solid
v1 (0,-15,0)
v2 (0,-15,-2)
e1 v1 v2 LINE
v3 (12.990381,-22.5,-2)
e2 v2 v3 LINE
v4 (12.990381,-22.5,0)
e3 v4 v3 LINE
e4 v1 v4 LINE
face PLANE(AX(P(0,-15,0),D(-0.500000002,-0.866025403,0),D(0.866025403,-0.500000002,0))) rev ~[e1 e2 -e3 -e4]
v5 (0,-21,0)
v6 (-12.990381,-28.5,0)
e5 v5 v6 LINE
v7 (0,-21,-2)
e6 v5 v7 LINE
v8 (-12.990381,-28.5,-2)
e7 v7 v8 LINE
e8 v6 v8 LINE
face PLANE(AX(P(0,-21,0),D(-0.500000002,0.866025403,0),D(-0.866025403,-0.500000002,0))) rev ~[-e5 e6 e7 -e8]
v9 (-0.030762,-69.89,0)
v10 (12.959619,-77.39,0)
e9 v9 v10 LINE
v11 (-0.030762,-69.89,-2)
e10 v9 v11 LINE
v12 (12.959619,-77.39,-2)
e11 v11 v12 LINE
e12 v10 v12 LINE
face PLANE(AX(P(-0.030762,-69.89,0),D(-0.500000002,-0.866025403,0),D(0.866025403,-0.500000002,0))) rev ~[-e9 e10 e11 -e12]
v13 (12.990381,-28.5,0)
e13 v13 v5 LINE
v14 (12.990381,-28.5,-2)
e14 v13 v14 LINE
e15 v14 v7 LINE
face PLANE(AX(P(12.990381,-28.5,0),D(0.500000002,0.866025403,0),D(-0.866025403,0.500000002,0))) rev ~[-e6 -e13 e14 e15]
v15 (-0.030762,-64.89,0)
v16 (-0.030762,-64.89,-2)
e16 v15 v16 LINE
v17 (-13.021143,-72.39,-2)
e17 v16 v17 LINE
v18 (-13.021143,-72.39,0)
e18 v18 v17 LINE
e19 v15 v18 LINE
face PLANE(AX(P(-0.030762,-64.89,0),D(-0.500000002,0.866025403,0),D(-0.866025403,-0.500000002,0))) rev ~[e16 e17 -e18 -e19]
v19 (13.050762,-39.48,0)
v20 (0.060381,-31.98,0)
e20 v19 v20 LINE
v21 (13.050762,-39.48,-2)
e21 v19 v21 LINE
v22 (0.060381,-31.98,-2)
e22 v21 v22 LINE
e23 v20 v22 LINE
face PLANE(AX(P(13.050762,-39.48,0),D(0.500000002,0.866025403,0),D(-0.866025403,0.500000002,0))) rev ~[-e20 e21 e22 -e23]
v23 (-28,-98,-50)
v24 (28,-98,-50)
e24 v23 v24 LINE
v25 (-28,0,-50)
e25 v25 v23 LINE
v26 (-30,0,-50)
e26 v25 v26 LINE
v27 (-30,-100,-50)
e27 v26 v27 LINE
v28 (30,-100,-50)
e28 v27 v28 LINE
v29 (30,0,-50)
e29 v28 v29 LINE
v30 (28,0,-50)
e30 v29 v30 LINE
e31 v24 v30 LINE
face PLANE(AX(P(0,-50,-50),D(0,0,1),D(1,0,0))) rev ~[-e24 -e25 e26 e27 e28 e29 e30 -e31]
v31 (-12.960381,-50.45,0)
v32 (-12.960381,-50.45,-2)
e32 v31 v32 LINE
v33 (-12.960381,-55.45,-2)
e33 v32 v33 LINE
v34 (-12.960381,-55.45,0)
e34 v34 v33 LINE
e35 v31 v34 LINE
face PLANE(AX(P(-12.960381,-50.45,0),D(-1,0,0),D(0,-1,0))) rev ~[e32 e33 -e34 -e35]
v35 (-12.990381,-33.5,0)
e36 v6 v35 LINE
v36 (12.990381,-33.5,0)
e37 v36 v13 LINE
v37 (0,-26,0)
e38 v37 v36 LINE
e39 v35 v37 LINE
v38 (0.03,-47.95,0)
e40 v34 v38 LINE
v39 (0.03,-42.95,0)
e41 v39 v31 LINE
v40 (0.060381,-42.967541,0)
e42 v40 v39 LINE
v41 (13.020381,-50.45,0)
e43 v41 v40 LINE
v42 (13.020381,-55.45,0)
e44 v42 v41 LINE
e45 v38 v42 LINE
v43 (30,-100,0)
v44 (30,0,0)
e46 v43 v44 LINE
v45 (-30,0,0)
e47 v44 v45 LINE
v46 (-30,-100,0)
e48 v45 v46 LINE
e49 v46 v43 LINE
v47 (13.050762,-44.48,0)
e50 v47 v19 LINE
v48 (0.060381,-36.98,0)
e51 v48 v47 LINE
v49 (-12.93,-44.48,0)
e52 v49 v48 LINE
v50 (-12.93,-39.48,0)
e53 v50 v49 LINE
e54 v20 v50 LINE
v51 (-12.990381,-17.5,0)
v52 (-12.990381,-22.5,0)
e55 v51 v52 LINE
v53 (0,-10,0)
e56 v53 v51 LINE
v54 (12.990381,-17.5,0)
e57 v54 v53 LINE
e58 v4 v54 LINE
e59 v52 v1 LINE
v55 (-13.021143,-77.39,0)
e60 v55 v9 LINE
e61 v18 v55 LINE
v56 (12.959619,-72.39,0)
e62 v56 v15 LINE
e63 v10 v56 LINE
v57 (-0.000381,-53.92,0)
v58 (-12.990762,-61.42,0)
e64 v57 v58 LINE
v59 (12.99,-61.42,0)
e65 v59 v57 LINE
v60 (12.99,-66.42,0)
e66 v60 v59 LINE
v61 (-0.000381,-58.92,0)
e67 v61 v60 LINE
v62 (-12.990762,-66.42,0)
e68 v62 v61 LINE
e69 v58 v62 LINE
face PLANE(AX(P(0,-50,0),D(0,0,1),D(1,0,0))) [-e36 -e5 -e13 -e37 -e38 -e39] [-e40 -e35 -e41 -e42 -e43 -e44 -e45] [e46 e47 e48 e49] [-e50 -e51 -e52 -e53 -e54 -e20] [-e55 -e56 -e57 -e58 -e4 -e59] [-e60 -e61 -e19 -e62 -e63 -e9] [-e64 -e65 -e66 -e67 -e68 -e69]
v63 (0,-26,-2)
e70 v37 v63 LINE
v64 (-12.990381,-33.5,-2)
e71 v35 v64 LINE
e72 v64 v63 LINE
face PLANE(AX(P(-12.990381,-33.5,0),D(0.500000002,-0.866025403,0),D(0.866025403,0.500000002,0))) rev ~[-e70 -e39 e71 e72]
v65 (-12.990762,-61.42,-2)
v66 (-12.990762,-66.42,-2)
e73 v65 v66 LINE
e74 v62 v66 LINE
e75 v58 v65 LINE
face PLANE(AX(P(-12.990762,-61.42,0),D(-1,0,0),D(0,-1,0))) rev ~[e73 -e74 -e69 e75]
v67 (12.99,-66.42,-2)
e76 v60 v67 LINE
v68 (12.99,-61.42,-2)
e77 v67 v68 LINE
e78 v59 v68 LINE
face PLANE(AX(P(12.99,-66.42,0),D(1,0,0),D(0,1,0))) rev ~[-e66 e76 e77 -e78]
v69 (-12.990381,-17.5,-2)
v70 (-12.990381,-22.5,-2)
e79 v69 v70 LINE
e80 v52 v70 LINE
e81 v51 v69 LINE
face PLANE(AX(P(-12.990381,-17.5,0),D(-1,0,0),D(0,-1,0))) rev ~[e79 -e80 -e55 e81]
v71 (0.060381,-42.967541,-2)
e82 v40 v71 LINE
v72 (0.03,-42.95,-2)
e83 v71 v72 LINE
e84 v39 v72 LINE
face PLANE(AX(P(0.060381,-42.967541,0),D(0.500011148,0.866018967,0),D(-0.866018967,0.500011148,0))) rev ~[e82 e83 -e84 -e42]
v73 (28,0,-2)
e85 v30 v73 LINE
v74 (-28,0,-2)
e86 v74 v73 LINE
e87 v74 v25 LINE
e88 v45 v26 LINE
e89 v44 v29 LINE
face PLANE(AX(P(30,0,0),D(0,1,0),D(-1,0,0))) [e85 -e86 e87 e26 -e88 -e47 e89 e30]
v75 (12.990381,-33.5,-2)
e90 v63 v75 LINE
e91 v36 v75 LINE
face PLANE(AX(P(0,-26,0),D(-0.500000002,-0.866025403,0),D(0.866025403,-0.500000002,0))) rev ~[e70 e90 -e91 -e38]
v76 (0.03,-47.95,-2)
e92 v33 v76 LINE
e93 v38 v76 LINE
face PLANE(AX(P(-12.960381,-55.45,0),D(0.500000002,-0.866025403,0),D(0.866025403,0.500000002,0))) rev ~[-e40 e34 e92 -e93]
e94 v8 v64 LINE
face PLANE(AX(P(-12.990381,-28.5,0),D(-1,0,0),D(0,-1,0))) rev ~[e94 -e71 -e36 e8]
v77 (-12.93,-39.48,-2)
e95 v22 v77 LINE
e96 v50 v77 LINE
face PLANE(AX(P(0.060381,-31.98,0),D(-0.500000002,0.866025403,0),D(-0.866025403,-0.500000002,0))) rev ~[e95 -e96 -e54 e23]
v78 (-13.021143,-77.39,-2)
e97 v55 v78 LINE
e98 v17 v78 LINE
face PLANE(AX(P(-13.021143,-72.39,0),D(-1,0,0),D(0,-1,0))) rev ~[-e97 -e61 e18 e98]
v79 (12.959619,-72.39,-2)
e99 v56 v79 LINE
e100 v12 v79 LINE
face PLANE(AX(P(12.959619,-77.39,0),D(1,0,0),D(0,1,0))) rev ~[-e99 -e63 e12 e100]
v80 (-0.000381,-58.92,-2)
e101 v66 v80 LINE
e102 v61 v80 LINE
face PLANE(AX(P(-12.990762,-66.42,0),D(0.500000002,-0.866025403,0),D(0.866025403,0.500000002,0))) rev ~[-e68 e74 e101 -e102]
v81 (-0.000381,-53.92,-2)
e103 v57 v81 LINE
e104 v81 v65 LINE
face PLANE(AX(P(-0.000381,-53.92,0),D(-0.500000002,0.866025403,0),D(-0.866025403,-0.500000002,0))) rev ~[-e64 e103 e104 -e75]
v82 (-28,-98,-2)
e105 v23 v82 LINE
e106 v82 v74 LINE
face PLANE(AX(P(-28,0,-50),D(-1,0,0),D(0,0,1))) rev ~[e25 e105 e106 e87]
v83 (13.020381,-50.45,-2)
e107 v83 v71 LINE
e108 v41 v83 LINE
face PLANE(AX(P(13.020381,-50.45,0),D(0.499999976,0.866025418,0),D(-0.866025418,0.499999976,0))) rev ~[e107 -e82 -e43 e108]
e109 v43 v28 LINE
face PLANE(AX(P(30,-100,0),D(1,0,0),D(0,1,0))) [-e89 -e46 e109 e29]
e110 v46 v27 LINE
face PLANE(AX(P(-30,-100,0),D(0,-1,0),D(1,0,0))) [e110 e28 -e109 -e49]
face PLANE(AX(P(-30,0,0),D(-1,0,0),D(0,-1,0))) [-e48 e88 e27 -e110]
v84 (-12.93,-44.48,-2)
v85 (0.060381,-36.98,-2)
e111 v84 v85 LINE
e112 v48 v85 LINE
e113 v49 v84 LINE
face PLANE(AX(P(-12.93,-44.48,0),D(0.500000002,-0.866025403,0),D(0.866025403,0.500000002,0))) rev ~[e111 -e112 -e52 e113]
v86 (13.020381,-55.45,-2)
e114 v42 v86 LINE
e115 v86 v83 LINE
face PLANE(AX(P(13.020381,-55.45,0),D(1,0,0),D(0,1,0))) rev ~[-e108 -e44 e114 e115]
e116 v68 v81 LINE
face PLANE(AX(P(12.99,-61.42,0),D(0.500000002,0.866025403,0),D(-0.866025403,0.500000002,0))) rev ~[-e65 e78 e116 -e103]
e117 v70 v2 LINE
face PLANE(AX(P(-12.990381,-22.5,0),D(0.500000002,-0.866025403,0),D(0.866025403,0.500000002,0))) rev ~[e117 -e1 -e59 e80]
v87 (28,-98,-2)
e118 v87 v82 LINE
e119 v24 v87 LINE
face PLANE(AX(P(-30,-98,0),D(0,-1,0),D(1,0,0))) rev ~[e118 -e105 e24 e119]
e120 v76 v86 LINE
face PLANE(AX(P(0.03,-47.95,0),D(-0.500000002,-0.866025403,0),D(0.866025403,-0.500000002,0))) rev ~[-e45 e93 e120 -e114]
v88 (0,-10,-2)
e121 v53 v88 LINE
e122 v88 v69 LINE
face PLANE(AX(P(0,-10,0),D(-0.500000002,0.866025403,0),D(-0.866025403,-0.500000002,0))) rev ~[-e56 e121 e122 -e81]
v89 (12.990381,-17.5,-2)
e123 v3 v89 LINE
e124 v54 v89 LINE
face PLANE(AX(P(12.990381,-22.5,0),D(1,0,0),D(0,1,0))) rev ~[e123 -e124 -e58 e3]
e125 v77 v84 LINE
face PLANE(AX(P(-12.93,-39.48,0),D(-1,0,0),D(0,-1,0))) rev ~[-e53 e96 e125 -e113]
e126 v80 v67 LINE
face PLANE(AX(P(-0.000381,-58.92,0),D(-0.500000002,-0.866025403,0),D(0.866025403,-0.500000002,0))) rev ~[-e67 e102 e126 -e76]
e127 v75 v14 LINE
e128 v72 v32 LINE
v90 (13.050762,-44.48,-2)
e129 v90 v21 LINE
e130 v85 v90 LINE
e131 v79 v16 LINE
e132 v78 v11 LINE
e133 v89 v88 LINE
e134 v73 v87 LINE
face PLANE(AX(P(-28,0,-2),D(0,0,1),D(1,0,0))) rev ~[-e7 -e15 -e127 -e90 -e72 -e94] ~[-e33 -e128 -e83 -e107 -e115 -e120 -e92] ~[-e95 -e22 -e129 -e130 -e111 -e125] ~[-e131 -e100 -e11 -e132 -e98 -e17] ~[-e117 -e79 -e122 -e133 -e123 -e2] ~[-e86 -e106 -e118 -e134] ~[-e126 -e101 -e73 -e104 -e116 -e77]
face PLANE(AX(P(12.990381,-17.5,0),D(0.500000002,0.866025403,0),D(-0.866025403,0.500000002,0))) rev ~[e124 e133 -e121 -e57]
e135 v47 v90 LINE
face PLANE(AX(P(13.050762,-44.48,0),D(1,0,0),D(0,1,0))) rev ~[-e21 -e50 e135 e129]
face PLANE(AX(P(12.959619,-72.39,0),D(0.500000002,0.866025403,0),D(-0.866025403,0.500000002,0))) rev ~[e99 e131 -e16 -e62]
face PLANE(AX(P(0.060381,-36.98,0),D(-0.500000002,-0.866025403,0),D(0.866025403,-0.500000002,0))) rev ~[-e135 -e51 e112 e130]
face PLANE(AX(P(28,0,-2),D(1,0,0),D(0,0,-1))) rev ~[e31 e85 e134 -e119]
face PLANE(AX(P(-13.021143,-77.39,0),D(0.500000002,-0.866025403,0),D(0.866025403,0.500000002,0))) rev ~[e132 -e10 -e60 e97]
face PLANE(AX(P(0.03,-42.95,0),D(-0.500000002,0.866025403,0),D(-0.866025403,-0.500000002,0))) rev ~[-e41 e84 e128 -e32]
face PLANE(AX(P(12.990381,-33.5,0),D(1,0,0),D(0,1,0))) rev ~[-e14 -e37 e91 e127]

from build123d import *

# Parameters (mm, degrees)
F1_DEPTH = 50
F2_T     = -2
F4_DEPTH = 10
F6_DEPTH = 5
F7_W     = 56
F7_H     = 2
F8_DEPTH = 25


with BuildPart() as f1:
    # F0 (on Top) → F1 (new body)
    with BuildSketch(Plane.XY):
        Polygon((30, 0), (0, 0), (-30, 0), (-30, -100), (30, -100), align=None)
    extrude(amount=-F1_DEPTH)

    # F2
    f2_openings = [f1.faces().sort_by_distance(p)[0] for p in [
        (0, -50, -50),
    ]]
    offset(amount=F2_T, openings=f2_openings)

    # F3 (on face) → F4 (cut)
    with BuildSketch(Plane.XY):
        Polygon((12.990381, -17.5), (0, -10), (-12.990381, -17.5), (-12.990381, -22.5), (0, -15), (12.990381, -22.5), align=None)
        Polygon((12.990381, -28.5), (0, -21), (-12.990381, -28.5), (-12.990381, -33.5), (0, -26), (12.990381, -33.5), align=None)
        Polygon((13.050762, -39.48), (0.060381, -31.98), (-12.93, -39.48), (-12.93, -44.48), (0.060381, -36.98), (13.050762, -44.48), align=None)
        Polygon((13.020381, -50.45), (0.060381, -42.967541), (0.03, -42.95), (-12.960381, -50.45), (-12.960381, -55.45), (0.03, -47.95), (13.020381, -55.45), align=None)
        Polygon((-12.990762, -66.42), (-0.000381, -58.92), (12.99, -66.42), (12.99, -61.42), (-0.000381, -53.92), (-12.990762, -61.42), align=None)
        Polygon((-13.021143, -77.39), (-0.030762, -69.89), (12.959619, -77.39), (12.959619, -72.39), (-0.030762, -64.89), (-13.021143, -72.39), align=None)
    extrude(amount=-F4_DEPTH, mode=Mode.SUBTRACT)

    # F5 (on face) → F6 (cut)
    with BuildSketch(Plane(origin=(0, 0, 0), x_dir=(-1, 0, 0), z_dir=(0, 1, 0))):
        Polygon((28, -2), (0, -2), (-28, -2), (-28, -25), (-28, -48), (0, -48), (28, -48), (28, -25), align=None)
    extrude(amount=-F6_DEPTH, mode=Mode.SUBTRACT)

    # F7 (on face) → F8 (cut)
    with BuildSketch(Plane(origin=(0, 0, 0), x_dir=(-1, 0, 0), z_dir=(0, 1, 0))):
        with Locations((0, -49)):
            Rectangle(F7_W, F7_H)
    extrude(amount=-F8_DEPTH, mode=Mode.SUBTRACT)


solid = f1.part
